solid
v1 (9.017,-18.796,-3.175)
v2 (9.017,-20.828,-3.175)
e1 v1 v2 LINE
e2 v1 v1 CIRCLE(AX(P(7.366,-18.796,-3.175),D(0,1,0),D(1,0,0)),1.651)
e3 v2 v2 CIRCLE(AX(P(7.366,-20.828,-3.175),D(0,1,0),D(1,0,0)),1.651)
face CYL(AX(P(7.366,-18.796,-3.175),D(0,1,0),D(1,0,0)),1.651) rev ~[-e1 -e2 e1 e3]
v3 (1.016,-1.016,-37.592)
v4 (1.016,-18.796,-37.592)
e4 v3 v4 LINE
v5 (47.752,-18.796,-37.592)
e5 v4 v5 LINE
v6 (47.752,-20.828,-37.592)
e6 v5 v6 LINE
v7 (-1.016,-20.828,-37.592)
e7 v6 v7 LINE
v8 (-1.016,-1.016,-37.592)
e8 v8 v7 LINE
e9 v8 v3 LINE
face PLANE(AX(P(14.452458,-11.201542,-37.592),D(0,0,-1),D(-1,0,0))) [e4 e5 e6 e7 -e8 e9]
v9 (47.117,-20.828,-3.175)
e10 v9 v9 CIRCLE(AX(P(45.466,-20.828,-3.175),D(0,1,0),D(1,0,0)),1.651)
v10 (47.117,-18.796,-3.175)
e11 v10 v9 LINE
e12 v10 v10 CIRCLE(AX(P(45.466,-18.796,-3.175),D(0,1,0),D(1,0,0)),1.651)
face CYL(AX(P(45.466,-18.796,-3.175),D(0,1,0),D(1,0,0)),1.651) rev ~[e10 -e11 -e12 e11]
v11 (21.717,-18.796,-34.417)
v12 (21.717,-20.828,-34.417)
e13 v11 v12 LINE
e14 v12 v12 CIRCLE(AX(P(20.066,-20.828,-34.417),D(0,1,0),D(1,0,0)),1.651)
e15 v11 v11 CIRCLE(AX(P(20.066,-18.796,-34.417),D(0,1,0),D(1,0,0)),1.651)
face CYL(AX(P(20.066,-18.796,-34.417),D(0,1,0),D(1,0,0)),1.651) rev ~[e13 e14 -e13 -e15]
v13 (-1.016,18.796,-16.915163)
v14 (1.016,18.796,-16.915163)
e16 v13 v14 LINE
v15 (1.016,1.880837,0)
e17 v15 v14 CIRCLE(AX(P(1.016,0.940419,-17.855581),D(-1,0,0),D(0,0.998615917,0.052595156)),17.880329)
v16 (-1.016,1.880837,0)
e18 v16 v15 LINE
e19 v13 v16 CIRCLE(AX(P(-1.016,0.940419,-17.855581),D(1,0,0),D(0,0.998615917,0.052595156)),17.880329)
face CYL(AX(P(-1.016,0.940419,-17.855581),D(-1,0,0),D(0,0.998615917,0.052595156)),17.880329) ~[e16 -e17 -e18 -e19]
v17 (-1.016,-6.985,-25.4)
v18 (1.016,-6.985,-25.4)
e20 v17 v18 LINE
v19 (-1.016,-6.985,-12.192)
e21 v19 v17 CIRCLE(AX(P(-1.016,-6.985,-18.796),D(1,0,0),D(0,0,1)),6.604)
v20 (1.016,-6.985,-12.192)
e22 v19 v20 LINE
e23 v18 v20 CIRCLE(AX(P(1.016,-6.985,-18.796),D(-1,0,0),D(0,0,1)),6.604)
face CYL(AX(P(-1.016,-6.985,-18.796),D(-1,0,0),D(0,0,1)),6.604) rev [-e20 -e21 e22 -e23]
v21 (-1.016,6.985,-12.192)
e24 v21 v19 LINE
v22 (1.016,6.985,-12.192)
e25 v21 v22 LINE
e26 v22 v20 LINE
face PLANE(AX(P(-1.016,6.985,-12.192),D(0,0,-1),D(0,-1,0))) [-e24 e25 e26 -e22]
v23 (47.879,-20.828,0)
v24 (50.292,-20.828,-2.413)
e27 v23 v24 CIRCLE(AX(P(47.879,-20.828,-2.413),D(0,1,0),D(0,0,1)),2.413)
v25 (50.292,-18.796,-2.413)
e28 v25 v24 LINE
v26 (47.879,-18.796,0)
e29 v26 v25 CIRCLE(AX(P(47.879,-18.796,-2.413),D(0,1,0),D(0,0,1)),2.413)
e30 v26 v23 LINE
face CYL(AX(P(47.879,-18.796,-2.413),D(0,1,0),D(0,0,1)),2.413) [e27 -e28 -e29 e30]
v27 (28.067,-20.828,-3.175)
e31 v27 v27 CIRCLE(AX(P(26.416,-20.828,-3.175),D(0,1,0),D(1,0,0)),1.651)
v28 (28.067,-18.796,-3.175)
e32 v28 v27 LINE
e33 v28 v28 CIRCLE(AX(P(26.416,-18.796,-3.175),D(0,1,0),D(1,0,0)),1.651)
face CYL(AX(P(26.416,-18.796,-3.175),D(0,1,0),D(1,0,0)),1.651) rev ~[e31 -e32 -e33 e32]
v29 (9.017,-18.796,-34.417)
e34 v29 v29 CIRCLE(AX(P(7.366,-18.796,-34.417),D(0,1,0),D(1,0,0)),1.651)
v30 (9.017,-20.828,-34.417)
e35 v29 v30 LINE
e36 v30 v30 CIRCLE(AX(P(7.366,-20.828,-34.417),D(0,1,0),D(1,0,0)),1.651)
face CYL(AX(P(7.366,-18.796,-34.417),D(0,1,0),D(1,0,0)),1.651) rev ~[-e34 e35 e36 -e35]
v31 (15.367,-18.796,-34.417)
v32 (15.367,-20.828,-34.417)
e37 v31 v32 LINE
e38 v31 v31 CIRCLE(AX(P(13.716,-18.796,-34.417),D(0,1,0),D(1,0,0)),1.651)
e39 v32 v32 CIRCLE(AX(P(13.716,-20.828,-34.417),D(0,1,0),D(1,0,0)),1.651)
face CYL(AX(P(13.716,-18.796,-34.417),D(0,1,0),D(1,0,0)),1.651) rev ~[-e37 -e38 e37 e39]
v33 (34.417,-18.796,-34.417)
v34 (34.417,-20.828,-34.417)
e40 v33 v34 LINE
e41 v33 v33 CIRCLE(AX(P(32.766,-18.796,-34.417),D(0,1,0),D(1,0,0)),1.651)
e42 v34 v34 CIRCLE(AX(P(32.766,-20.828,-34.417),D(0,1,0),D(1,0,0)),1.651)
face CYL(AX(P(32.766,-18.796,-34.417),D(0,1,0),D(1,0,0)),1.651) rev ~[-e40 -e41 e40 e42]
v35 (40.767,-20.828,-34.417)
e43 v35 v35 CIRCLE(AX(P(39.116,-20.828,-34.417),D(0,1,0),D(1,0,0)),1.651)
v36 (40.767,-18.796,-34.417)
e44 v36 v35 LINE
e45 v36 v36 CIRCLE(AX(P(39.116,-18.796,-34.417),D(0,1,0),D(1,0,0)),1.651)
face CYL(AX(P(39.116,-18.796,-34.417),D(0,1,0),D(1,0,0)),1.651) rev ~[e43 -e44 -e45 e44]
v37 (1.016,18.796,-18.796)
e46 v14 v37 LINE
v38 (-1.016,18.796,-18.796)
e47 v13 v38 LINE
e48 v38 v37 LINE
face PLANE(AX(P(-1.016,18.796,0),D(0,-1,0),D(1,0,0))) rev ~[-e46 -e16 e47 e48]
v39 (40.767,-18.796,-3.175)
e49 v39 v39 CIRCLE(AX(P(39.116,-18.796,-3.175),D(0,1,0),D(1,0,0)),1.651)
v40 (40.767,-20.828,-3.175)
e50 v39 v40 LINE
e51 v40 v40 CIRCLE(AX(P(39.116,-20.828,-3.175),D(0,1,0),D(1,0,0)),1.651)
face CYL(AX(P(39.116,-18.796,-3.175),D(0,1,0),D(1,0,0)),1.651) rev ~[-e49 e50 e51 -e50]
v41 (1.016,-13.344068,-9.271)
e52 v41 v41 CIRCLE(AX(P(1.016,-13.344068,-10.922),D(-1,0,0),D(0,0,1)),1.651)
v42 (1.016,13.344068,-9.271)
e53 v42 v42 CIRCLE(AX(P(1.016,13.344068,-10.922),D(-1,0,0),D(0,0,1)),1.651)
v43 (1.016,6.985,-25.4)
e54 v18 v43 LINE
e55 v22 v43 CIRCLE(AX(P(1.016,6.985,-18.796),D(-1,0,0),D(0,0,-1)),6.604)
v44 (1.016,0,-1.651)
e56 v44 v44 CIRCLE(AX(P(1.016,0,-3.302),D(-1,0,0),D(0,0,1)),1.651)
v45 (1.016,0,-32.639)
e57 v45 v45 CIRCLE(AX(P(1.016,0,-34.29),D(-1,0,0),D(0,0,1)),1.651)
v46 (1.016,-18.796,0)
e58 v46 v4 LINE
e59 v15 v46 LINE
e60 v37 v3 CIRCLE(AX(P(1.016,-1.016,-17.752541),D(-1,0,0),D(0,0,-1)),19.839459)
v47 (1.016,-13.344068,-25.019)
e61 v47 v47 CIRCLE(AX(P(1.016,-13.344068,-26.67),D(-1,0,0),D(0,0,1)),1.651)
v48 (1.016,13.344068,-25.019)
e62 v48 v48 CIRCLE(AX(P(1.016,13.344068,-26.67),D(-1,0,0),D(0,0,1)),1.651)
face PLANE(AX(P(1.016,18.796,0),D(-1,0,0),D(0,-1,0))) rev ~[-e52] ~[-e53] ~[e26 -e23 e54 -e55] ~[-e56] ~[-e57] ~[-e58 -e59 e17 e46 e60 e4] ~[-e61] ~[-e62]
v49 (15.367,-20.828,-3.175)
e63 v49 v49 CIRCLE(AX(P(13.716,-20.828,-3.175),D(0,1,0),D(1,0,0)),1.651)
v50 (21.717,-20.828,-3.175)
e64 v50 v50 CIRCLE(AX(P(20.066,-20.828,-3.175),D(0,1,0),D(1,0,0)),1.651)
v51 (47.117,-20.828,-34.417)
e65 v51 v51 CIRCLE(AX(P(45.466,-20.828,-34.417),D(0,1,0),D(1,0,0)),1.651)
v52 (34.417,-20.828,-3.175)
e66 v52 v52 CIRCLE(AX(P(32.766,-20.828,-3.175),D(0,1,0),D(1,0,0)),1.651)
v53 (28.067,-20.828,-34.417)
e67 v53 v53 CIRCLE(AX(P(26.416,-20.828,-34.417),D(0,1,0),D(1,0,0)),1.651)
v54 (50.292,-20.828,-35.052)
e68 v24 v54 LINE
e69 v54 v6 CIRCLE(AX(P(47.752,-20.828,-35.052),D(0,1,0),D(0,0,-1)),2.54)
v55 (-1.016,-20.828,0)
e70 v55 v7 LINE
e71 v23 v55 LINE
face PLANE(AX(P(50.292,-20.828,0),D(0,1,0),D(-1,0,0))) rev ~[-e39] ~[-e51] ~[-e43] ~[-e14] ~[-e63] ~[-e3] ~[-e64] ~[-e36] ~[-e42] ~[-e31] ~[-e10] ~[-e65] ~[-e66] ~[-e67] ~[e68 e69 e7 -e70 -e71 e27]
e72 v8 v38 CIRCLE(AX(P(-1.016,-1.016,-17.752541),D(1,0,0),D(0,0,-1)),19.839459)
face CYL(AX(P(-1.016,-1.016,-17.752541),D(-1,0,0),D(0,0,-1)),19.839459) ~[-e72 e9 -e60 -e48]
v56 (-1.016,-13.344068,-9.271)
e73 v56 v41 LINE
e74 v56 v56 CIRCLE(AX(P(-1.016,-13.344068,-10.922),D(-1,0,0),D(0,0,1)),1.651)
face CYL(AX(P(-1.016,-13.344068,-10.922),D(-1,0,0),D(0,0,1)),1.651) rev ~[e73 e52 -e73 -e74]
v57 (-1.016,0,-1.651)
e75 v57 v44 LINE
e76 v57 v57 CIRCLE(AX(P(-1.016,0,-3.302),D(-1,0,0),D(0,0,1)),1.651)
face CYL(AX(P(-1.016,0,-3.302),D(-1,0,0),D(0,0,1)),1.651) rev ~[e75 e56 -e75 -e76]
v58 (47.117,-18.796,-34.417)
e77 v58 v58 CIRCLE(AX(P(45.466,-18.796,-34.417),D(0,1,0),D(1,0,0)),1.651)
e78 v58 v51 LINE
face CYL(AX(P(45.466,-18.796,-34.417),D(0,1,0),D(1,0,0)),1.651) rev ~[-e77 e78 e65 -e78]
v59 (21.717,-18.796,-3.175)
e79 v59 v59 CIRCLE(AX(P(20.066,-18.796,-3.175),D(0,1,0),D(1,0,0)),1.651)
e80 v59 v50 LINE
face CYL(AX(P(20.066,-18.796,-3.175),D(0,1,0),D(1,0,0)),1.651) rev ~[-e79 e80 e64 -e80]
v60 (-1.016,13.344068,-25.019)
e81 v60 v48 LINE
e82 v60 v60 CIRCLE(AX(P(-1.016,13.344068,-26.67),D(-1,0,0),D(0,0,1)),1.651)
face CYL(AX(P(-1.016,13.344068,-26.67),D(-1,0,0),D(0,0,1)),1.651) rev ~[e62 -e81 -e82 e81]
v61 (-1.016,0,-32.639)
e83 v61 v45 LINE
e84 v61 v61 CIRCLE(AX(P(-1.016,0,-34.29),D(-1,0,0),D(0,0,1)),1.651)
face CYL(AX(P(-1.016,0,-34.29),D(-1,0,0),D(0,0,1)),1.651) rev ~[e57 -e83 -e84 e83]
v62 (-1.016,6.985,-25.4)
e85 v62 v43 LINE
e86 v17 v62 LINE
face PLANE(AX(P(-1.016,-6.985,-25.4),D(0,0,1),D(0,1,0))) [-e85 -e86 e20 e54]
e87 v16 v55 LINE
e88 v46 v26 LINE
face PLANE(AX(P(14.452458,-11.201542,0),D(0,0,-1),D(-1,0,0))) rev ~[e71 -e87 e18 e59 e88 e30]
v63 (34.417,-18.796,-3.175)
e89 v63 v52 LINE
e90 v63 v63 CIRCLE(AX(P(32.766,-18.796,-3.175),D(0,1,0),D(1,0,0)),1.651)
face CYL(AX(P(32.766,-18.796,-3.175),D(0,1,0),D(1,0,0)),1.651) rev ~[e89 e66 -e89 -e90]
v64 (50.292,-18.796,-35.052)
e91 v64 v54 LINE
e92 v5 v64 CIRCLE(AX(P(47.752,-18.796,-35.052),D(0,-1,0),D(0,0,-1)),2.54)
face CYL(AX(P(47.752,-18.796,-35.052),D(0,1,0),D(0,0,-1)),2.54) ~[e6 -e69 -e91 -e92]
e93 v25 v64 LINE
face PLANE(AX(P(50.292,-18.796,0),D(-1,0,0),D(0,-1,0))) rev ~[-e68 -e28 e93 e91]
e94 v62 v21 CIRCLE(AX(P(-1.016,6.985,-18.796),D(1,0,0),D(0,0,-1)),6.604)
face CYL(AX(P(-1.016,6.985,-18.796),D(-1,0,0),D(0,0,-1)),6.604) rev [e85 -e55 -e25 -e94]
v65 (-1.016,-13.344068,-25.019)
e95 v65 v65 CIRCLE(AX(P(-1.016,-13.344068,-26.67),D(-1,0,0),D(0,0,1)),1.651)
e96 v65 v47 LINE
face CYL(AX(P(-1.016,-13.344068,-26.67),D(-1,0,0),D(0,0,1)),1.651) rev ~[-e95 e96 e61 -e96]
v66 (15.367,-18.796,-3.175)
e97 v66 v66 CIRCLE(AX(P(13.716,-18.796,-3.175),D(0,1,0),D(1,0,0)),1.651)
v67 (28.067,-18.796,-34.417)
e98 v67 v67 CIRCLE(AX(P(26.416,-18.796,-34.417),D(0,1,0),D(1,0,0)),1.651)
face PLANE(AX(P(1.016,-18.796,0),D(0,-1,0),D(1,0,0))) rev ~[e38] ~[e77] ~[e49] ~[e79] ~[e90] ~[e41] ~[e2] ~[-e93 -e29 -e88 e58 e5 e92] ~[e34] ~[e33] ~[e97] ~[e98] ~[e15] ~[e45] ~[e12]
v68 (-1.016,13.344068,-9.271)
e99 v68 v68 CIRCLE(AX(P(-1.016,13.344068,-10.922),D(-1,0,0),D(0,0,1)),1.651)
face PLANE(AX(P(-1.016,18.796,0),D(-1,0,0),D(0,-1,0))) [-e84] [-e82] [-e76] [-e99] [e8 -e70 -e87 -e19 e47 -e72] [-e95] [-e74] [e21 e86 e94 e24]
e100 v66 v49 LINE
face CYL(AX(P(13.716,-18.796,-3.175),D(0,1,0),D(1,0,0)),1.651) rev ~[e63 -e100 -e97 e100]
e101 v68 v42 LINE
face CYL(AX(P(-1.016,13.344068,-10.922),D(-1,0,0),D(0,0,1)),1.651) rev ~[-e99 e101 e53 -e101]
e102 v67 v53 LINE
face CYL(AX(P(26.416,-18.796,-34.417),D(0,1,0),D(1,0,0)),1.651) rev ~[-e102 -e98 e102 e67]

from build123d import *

# Parameters (mm, degrees)
BOSS_EXTRUDE1_DEPTH = 37.592
CUT_EXTRUDE1_DEPTH  = 37.592
SKETCH3_R           = 1.651
CUT_EXTRUDE3_DEPTH  = 37.592
CUT_EXTRUDE4_DEPTH  = 37.592
CUT_EXTRUDE5_DEPTH  = 37.592
SKETCH7_R           = 1.651
CUT_EXTRUDE6_DEPTH  = 37.592
LPATTERN1_COUNT     = 7
LPATTERN1_PITCH     = 6.35
CUT_EXTRUDE7_DEPTH  = 37.592


with BuildPart() as part:
    # Sketch1 → Boss-Extrude1 (new body)
    with BuildSketch(Plane.XY):
        Polygon((-1.016, 18.796), (1.016, 18.796), (1.016, -18.796), (50.292, -18.796), (50.292, -20.828), (-1.016, -20.828), (-1.016, -18.796), align=None)
    extrude(amount=-BOSS_EXTRUDE1_DEPTH)

    # Sketch2 → Cut-Extrude1 (cut)
    with BuildSketch(Plane.ZY.offset(1.016)):
        with BuildLine():
            Line((-25.4, -6.985), (-25.4, 6.985))
            ThreePointArc((-25.4, 6.985), (-18.796, 13.589), (-12.192, 6.985))
            Line((-12.192, 6.985), (-12.192, -6.985))
            ThreePointArc((-12.192, -6.985), (-18.796, -13.589), (-25.4, -6.985))
        make_face()
    extrude(amount=-CUT_EXTRUDE1_DEPTH, mode=Mode.SUBTRACT)

    # Sketch3 → Cut-Extrude3 (cut)
    with BuildSketch(Plane.ZY.offset(1.016)):
        with Locations((-34.29, 0)):
            Circle(SKETCH3_R)
        with Locations((-26.67, -13.344068345)):
            Circle(SKETCH3_R)
        with Locations((-10.922, -13.344068345)):
            Circle(SKETCH3_R)
        with Locations((-3.302, 0)):
            Circle(SKETCH3_R)
        with Locations((-10.922, 13.344068345)):
            Circle(SKETCH3_R)
        with Locations((-26.67, 13.344068345)):
            Circle(SKETCH3_R)
    extrude(amount=-CUT_EXTRUDE3_DEPTH, mode=Mode.SUBTRACT)

    # Sketch5 → Cut-Extrude4 (cut)
    with BuildSketch(Plane.ZY.offset(1.016)):
        with BuildLine():
            Line((-37.592, 18.796), (-37.592, -1.016))
            ThreePointArc((-37.592, -1.016), (-32.145348176, 12.638714937), (-18.796, 18.796))
            Line((-18.796, 18.796), (-37.592, 18.796))
        make_face()
        with BuildLine():
            Line((0, 18.796), (-16.915162607, 18.796))
            ThreePointArc((-16.915162607, 18.796), (-5.212279302, 13.583720698), (0, 1.880837393))
            Line((0, 1.880837393), (0, 18.796))
        make_face()
    extrude(amount=-CUT_EXTRUDE4_DEPTH, mode=Mode.SUBTRACT)

    # Sketch6 → Cut-Extrude5 (cut)
    with BuildSketch(Plane(origin=(0, -18.796, 0), x_dir=(1, 0, 0), z_dir=(0, 1, 0))):
        with BuildLine():
            Line((50.292, 2.413), (50.292, 0))
            Line((50.292, 0), (47.879, 0))
            ThreePointArc((47.879, 0), (49.585248663, 0.706751337), (50.292, 2.413))
        make_face()
    extrude(amount=-CUT_EXTRUDE5_DEPTH, mode=Mode.SUBTRACT)

    # Sketch7 → Cut-Extrude6 (cut)
    with BuildSketch(Plane(origin=(0, -18.796, 0), x_dir=(1, 0, 0), z_dir=(0, 1, 0))):
        with Locations((45.466, 3.175)):
            Circle(SKETCH7_R)
        with Locations((45.466, 34.417)):
            Circle(SKETCH7_R)
    cut_extrude6 = extrude(amount=-CUT_EXTRUDE6_DEPTH, mode=Mode.SUBTRACT)

    # LPattern1: Cut-Extrude6 ×7
    with Locations(*[(-i * LPATTERN1_PITCH, 0, 0) for i in range(1, LPATTERN1_COUNT)]):
        add(cut_extrude6, mode=Mode.SUBTRACT)

    # Sketch8 → Cut-Extrude7 (cut)
    with BuildSketch(Plane(origin=(0, -18.796, 0), x_dir=(1, 0, 0), z_dir=(0, 1, 0))):
        with BuildLine():
            Line((50.292, 35.052), (50.292, 37.592))
            Line((50.292, 37.592), (47.752, 37.592))
            ThreePointArc((47.752, 37.592), (49.548051224, 36.848051224), (50.292, 35.052))
        make_face()
    extrude(amount=-CUT_EXTRUDE7_DEPTH, mode=Mode.SUBTRACT)


solid = part.part
